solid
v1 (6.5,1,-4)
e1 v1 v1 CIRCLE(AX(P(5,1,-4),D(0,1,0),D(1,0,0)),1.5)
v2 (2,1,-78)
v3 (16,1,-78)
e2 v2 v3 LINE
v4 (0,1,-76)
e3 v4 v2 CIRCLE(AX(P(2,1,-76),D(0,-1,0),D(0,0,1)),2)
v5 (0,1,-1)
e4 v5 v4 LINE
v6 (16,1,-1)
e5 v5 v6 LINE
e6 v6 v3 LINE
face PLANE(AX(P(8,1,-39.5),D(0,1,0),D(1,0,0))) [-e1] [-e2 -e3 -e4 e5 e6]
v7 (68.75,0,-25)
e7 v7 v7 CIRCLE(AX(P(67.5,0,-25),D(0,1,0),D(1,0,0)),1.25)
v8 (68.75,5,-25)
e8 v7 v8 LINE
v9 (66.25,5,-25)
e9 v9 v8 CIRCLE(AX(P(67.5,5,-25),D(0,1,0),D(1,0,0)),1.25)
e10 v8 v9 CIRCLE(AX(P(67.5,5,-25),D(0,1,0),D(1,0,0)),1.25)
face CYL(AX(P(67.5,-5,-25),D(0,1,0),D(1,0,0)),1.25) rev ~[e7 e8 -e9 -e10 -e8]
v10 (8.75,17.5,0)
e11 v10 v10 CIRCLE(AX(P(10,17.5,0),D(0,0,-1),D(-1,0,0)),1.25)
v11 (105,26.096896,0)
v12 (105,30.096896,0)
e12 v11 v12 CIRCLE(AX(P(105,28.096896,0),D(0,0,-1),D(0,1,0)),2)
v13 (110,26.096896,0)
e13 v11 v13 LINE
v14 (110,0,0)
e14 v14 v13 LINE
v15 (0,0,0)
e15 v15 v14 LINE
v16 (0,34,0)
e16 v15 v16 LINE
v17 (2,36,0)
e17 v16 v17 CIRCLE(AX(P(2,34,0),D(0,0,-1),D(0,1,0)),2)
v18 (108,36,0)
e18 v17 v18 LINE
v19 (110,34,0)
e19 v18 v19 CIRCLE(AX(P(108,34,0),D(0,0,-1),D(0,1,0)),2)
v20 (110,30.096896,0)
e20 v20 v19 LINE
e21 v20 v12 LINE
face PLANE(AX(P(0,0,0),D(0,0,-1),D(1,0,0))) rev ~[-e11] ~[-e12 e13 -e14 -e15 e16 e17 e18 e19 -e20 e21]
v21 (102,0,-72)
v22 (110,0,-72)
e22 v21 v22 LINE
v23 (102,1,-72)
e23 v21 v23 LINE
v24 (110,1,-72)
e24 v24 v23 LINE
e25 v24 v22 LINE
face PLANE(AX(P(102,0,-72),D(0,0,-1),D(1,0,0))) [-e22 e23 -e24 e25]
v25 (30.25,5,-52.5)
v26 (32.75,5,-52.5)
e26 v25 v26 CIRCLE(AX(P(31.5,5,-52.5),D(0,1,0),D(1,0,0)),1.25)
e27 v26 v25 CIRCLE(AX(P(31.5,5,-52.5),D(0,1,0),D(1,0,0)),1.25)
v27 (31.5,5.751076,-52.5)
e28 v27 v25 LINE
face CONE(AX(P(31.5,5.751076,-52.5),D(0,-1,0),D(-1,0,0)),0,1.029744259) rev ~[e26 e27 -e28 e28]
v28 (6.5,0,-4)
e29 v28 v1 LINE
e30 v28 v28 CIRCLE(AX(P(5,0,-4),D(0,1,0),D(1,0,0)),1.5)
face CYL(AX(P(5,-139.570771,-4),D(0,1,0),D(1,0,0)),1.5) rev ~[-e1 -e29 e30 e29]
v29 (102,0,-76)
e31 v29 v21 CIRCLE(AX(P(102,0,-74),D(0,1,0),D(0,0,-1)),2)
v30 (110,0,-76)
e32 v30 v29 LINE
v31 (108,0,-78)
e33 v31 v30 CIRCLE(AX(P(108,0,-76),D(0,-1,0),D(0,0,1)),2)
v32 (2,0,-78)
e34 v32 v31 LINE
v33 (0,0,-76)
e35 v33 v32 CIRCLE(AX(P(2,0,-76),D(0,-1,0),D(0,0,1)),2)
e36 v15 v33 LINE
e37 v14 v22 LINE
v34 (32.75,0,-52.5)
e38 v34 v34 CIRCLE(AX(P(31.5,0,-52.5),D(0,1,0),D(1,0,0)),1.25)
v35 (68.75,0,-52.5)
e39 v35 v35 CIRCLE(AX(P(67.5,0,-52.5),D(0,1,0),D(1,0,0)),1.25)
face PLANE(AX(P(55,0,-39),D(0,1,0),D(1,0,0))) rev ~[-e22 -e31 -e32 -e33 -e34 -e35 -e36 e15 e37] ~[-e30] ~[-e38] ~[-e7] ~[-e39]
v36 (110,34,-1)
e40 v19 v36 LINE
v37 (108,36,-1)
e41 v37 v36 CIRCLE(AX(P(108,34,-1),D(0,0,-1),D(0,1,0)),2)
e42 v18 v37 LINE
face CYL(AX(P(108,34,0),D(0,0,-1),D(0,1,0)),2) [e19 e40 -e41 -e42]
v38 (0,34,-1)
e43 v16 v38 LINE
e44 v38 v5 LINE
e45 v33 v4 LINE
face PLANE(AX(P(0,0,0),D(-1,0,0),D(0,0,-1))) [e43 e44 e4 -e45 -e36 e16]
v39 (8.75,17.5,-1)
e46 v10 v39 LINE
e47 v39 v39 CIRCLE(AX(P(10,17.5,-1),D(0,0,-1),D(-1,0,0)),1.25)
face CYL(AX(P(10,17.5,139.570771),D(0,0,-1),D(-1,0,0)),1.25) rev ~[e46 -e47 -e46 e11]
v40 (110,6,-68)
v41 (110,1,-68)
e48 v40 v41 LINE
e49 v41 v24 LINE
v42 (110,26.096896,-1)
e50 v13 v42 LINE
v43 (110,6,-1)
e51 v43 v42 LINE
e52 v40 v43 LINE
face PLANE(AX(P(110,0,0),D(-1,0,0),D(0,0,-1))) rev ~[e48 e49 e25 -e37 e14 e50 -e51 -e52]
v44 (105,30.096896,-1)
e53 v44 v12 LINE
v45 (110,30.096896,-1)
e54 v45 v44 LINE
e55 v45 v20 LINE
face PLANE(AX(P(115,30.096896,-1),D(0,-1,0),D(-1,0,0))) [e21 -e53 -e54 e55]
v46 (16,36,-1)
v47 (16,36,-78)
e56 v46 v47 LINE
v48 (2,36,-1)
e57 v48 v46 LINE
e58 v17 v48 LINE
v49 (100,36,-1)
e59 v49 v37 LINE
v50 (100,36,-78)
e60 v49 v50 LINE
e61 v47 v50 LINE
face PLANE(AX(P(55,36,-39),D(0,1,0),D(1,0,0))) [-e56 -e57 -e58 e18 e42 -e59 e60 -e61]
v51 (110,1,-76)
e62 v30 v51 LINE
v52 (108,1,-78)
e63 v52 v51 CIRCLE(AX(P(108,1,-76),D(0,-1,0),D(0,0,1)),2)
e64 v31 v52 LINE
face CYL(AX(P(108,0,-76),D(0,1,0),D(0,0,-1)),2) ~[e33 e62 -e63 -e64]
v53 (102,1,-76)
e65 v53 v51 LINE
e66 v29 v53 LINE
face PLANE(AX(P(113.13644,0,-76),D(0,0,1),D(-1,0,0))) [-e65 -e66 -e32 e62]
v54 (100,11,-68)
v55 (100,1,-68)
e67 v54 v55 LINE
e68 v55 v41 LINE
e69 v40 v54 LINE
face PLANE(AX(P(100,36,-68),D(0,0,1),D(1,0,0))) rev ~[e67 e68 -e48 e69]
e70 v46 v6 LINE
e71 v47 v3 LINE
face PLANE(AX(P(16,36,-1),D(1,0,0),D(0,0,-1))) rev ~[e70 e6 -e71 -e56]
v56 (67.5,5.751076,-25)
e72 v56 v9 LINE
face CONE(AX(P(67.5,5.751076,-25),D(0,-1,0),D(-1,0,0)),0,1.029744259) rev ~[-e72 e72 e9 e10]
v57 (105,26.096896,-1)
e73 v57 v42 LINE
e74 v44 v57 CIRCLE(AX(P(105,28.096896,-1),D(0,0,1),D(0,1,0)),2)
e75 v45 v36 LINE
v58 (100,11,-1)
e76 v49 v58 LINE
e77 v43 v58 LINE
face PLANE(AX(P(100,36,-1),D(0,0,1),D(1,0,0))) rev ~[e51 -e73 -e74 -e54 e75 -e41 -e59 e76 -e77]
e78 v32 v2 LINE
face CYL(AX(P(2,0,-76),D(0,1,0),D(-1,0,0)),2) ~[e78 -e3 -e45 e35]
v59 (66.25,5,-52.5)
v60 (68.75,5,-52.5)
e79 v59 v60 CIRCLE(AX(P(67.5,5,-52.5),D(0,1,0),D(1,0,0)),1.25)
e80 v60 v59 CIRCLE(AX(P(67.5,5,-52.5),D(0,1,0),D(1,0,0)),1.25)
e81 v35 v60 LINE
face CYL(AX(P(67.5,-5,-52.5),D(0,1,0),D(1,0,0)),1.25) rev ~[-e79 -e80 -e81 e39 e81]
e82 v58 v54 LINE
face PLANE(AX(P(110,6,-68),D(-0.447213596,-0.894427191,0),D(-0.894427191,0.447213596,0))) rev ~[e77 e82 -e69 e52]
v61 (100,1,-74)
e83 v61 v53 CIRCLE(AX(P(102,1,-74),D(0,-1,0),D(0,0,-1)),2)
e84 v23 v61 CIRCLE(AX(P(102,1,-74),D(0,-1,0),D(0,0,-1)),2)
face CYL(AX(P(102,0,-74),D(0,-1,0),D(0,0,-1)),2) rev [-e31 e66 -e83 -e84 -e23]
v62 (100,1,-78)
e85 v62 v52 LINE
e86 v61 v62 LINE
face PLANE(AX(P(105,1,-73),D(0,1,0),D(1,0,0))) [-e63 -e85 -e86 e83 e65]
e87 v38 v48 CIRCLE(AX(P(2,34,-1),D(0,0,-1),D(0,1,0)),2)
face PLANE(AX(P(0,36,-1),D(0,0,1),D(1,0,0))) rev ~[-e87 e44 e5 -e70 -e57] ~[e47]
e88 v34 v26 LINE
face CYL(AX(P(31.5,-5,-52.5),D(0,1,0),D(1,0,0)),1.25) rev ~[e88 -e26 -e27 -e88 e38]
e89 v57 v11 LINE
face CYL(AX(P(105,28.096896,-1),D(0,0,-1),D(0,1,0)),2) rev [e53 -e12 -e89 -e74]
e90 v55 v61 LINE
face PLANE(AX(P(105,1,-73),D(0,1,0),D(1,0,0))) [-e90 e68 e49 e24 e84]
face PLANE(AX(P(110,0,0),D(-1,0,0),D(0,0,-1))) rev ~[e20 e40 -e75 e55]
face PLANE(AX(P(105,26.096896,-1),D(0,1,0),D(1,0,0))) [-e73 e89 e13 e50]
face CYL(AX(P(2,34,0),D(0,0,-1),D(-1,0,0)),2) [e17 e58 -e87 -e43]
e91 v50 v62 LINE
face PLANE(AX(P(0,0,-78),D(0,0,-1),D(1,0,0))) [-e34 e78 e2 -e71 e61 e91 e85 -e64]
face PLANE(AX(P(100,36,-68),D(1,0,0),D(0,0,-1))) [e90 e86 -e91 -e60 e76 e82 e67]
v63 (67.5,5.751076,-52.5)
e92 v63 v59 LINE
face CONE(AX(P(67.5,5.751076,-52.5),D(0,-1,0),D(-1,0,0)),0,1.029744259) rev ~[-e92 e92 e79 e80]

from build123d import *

# Parameters (mm, degrees)
SKETCH1_W             = 110
SKETCH1_H             = 78
BOSS_EXTRUDE1_DEPTH   = 36
M3_TAPPED_HOLE2_D     = 2.5
M3_TAPPED_HOLE2_DEPTH = 5
M3_TAPPED_HOLE2_TIP   = 0.751075774
SKETCH8_W             = 16
SKETCH8_H             = 77
CUT_EXTRUDE2_DEPTH    = 35
F_3_0MM_DOWEL_HOLE1_D = 3
SKETCH12_W            = 10
SKETCH12_H            = 67
CUT_EXTRUDE4_DEPTH    = 25
SKETCH13_W            = 10
SKETCH13_H            = 10
CUT_EXTRUDE5_DEPTH    = 35
CUT_EXTRUDE7_DEPTH    = 67
CUT_EXTRUDE8_DEPTH    = 2
M3_TAPPED_HOLE3_D     = 2.5
FILLET1_R             = 2
CUT_EXTRUDE9_DEPTH    = 37


with BuildPart() as part:
    # Sketch1 → Boss-Extrude1 (new body)
    with BuildSketch(Plane(origin=(0, 0, 0), x_dir=(1, 0, 0), z_dir=(0, 1, 0))):
        with Locations((55, 39)):
            Rectangle(SKETCH1_W, SKETCH1_H)
    extrude(amount=BOSS_EXTRUDE1_DEPTH)

    # M3 Tapped Hole2
    with Locations(Plane(origin=(0, 0, 0), x_dir=(-1, 0, 0), z_dir=(0, -1, 0))):
        with Locations((-67.5, 25), (-67.5, 52.5), (-31.5, 52.5)):
            Hole(M3_TAPPED_HOLE2_D / 2, depth=M3_TAPPED_HOLE2_DEPTH)
            with Locations((0, 0, -(M3_TAPPED_HOLE2_DEPTH + M3_TAPPED_HOLE2_TIP / 2))):  # 118° drill point
                Cone(0, M3_TAPPED_HOLE2_D / 2, M3_TAPPED_HOLE2_TIP, mode=Mode.SUBTRACT)

    # Sketch8 → Cut-Extrude2 (cut)
    with BuildSketch(Plane(origin=(0, 36, 0), x_dir=(1, 0, 0), z_dir=(0, 1, 0))):
        with Locations((8, 39.5)):
            Rectangle(SKETCH8_W, SKETCH8_H)
    extrude(amount=-CUT_EXTRUDE2_DEPTH, mode=Mode.SUBTRACT)

    # Ø3.0mm Dowel Hole1 (through all)
    with Locations(Plane(origin=(0, 0, 0), x_dir=(-1, 0, 0), z_dir=(0, -1, 0))):
        with Locations((-5, 4)):
            Hole(F_3_0MM_DOWEL_HOLE1_D / 2)

    # Sketch12 → Cut-Extrude4 (cut)
    with BuildSketch(Plane(origin=(0, 36, 0), x_dir=(1, 0, 0), z_dir=(0, 1, 0))):
        with Locations((105, 34.5)):
            Rectangle(SKETCH12_W, SKETCH12_H)
    extrude(amount=-CUT_EXTRUDE4_DEPTH, mode=Mode.SUBTRACT)

    # Sketch13 → Cut-Extrude5 (cut)
    with BuildSketch(Plane(origin=(0, 36, 0), x_dir=(1, 0, 0), z_dir=(0, 1, 0))):
        with Locations((105, 73)):
            Rectangle(SKETCH13_W, SKETCH13_H)
    extrude(amount=-CUT_EXTRUDE5_DEPTH, mode=Mode.SUBTRACT)

    # Sketch15 → Cut-Extrude7 (cut)
    with BuildSketch(Plane(origin=(0, 0, -68), x_dir=(-1, 0, 0), z_dir=(0, 0, -1))):
        Polygon((-110, 6), (-100, 11), (-110, 11), align=None)
    extrude(amount=-CUT_EXTRUDE7_DEPTH, mode=Mode.SUBTRACT)

    # Sketch16 → Cut-Extrude8 (cut, through all)
    with BuildSketch(Plane(origin=(0, 0, -1), x_dir=(-1, 0, 0), z_dir=(0, 0, -1))):
        with BuildLine():
            Line((-115, 30.09689573), (-105, 30.09689573))
            ThreePointArc((-105, 30.09689573), (-103, 28.09689573), (-105, 26.09689573))
            Line((-105, 26.09689573), (-115, 26.09689573))
            ThreePointArc((-115, 26.09689573), (-117, 28.09689573), (-115, 30.09689573))
        make_face()
    extrude(amount=-CUT_EXTRUDE8_DEPTH, mode=Mode.SUBTRACT)

    # M3 Tapped Hole3 (through all)
    with Locations(Plane.XY):
        with Locations((10, 17.5)):
            Hole(M3_TAPPED_HOLE3_D / 2)

    # Fillet1
    fillet1_edges = [part.edges().sort_by_distance(p)[0] for p in [
        (110, 36, -0.5),
        (0, 36, -0.5),
        (0, 0.5, -78),
        (110, 0.5, -78),
    ]]
    fillet(fillet1_edges, radius=FILLET1_R)

    # Sketch20 → Cut-Extrude9 (cut, through all)
    with BuildSketch(Plane(origin=(0, 0, 0), x_dir=(-1, 0, 0), z_dir=(0, -1, 0))):
        with BuildLine():
            Line((-102, 72), (-113.136440261, 72))
            ThreePointArc((-113.136440261, 72), (-115.136440261, 74), (-113.136440261, 76))
            Line((-113.136440261, 76), (-102, 76))
            ThreePointArc((-102, 76), (-100, 74), (-102, 72))
        make_face()
    extrude(amount=-CUT_EXTRUDE9_DEPTH, mode=Mode.SUBTRACT)


solid = part.part
